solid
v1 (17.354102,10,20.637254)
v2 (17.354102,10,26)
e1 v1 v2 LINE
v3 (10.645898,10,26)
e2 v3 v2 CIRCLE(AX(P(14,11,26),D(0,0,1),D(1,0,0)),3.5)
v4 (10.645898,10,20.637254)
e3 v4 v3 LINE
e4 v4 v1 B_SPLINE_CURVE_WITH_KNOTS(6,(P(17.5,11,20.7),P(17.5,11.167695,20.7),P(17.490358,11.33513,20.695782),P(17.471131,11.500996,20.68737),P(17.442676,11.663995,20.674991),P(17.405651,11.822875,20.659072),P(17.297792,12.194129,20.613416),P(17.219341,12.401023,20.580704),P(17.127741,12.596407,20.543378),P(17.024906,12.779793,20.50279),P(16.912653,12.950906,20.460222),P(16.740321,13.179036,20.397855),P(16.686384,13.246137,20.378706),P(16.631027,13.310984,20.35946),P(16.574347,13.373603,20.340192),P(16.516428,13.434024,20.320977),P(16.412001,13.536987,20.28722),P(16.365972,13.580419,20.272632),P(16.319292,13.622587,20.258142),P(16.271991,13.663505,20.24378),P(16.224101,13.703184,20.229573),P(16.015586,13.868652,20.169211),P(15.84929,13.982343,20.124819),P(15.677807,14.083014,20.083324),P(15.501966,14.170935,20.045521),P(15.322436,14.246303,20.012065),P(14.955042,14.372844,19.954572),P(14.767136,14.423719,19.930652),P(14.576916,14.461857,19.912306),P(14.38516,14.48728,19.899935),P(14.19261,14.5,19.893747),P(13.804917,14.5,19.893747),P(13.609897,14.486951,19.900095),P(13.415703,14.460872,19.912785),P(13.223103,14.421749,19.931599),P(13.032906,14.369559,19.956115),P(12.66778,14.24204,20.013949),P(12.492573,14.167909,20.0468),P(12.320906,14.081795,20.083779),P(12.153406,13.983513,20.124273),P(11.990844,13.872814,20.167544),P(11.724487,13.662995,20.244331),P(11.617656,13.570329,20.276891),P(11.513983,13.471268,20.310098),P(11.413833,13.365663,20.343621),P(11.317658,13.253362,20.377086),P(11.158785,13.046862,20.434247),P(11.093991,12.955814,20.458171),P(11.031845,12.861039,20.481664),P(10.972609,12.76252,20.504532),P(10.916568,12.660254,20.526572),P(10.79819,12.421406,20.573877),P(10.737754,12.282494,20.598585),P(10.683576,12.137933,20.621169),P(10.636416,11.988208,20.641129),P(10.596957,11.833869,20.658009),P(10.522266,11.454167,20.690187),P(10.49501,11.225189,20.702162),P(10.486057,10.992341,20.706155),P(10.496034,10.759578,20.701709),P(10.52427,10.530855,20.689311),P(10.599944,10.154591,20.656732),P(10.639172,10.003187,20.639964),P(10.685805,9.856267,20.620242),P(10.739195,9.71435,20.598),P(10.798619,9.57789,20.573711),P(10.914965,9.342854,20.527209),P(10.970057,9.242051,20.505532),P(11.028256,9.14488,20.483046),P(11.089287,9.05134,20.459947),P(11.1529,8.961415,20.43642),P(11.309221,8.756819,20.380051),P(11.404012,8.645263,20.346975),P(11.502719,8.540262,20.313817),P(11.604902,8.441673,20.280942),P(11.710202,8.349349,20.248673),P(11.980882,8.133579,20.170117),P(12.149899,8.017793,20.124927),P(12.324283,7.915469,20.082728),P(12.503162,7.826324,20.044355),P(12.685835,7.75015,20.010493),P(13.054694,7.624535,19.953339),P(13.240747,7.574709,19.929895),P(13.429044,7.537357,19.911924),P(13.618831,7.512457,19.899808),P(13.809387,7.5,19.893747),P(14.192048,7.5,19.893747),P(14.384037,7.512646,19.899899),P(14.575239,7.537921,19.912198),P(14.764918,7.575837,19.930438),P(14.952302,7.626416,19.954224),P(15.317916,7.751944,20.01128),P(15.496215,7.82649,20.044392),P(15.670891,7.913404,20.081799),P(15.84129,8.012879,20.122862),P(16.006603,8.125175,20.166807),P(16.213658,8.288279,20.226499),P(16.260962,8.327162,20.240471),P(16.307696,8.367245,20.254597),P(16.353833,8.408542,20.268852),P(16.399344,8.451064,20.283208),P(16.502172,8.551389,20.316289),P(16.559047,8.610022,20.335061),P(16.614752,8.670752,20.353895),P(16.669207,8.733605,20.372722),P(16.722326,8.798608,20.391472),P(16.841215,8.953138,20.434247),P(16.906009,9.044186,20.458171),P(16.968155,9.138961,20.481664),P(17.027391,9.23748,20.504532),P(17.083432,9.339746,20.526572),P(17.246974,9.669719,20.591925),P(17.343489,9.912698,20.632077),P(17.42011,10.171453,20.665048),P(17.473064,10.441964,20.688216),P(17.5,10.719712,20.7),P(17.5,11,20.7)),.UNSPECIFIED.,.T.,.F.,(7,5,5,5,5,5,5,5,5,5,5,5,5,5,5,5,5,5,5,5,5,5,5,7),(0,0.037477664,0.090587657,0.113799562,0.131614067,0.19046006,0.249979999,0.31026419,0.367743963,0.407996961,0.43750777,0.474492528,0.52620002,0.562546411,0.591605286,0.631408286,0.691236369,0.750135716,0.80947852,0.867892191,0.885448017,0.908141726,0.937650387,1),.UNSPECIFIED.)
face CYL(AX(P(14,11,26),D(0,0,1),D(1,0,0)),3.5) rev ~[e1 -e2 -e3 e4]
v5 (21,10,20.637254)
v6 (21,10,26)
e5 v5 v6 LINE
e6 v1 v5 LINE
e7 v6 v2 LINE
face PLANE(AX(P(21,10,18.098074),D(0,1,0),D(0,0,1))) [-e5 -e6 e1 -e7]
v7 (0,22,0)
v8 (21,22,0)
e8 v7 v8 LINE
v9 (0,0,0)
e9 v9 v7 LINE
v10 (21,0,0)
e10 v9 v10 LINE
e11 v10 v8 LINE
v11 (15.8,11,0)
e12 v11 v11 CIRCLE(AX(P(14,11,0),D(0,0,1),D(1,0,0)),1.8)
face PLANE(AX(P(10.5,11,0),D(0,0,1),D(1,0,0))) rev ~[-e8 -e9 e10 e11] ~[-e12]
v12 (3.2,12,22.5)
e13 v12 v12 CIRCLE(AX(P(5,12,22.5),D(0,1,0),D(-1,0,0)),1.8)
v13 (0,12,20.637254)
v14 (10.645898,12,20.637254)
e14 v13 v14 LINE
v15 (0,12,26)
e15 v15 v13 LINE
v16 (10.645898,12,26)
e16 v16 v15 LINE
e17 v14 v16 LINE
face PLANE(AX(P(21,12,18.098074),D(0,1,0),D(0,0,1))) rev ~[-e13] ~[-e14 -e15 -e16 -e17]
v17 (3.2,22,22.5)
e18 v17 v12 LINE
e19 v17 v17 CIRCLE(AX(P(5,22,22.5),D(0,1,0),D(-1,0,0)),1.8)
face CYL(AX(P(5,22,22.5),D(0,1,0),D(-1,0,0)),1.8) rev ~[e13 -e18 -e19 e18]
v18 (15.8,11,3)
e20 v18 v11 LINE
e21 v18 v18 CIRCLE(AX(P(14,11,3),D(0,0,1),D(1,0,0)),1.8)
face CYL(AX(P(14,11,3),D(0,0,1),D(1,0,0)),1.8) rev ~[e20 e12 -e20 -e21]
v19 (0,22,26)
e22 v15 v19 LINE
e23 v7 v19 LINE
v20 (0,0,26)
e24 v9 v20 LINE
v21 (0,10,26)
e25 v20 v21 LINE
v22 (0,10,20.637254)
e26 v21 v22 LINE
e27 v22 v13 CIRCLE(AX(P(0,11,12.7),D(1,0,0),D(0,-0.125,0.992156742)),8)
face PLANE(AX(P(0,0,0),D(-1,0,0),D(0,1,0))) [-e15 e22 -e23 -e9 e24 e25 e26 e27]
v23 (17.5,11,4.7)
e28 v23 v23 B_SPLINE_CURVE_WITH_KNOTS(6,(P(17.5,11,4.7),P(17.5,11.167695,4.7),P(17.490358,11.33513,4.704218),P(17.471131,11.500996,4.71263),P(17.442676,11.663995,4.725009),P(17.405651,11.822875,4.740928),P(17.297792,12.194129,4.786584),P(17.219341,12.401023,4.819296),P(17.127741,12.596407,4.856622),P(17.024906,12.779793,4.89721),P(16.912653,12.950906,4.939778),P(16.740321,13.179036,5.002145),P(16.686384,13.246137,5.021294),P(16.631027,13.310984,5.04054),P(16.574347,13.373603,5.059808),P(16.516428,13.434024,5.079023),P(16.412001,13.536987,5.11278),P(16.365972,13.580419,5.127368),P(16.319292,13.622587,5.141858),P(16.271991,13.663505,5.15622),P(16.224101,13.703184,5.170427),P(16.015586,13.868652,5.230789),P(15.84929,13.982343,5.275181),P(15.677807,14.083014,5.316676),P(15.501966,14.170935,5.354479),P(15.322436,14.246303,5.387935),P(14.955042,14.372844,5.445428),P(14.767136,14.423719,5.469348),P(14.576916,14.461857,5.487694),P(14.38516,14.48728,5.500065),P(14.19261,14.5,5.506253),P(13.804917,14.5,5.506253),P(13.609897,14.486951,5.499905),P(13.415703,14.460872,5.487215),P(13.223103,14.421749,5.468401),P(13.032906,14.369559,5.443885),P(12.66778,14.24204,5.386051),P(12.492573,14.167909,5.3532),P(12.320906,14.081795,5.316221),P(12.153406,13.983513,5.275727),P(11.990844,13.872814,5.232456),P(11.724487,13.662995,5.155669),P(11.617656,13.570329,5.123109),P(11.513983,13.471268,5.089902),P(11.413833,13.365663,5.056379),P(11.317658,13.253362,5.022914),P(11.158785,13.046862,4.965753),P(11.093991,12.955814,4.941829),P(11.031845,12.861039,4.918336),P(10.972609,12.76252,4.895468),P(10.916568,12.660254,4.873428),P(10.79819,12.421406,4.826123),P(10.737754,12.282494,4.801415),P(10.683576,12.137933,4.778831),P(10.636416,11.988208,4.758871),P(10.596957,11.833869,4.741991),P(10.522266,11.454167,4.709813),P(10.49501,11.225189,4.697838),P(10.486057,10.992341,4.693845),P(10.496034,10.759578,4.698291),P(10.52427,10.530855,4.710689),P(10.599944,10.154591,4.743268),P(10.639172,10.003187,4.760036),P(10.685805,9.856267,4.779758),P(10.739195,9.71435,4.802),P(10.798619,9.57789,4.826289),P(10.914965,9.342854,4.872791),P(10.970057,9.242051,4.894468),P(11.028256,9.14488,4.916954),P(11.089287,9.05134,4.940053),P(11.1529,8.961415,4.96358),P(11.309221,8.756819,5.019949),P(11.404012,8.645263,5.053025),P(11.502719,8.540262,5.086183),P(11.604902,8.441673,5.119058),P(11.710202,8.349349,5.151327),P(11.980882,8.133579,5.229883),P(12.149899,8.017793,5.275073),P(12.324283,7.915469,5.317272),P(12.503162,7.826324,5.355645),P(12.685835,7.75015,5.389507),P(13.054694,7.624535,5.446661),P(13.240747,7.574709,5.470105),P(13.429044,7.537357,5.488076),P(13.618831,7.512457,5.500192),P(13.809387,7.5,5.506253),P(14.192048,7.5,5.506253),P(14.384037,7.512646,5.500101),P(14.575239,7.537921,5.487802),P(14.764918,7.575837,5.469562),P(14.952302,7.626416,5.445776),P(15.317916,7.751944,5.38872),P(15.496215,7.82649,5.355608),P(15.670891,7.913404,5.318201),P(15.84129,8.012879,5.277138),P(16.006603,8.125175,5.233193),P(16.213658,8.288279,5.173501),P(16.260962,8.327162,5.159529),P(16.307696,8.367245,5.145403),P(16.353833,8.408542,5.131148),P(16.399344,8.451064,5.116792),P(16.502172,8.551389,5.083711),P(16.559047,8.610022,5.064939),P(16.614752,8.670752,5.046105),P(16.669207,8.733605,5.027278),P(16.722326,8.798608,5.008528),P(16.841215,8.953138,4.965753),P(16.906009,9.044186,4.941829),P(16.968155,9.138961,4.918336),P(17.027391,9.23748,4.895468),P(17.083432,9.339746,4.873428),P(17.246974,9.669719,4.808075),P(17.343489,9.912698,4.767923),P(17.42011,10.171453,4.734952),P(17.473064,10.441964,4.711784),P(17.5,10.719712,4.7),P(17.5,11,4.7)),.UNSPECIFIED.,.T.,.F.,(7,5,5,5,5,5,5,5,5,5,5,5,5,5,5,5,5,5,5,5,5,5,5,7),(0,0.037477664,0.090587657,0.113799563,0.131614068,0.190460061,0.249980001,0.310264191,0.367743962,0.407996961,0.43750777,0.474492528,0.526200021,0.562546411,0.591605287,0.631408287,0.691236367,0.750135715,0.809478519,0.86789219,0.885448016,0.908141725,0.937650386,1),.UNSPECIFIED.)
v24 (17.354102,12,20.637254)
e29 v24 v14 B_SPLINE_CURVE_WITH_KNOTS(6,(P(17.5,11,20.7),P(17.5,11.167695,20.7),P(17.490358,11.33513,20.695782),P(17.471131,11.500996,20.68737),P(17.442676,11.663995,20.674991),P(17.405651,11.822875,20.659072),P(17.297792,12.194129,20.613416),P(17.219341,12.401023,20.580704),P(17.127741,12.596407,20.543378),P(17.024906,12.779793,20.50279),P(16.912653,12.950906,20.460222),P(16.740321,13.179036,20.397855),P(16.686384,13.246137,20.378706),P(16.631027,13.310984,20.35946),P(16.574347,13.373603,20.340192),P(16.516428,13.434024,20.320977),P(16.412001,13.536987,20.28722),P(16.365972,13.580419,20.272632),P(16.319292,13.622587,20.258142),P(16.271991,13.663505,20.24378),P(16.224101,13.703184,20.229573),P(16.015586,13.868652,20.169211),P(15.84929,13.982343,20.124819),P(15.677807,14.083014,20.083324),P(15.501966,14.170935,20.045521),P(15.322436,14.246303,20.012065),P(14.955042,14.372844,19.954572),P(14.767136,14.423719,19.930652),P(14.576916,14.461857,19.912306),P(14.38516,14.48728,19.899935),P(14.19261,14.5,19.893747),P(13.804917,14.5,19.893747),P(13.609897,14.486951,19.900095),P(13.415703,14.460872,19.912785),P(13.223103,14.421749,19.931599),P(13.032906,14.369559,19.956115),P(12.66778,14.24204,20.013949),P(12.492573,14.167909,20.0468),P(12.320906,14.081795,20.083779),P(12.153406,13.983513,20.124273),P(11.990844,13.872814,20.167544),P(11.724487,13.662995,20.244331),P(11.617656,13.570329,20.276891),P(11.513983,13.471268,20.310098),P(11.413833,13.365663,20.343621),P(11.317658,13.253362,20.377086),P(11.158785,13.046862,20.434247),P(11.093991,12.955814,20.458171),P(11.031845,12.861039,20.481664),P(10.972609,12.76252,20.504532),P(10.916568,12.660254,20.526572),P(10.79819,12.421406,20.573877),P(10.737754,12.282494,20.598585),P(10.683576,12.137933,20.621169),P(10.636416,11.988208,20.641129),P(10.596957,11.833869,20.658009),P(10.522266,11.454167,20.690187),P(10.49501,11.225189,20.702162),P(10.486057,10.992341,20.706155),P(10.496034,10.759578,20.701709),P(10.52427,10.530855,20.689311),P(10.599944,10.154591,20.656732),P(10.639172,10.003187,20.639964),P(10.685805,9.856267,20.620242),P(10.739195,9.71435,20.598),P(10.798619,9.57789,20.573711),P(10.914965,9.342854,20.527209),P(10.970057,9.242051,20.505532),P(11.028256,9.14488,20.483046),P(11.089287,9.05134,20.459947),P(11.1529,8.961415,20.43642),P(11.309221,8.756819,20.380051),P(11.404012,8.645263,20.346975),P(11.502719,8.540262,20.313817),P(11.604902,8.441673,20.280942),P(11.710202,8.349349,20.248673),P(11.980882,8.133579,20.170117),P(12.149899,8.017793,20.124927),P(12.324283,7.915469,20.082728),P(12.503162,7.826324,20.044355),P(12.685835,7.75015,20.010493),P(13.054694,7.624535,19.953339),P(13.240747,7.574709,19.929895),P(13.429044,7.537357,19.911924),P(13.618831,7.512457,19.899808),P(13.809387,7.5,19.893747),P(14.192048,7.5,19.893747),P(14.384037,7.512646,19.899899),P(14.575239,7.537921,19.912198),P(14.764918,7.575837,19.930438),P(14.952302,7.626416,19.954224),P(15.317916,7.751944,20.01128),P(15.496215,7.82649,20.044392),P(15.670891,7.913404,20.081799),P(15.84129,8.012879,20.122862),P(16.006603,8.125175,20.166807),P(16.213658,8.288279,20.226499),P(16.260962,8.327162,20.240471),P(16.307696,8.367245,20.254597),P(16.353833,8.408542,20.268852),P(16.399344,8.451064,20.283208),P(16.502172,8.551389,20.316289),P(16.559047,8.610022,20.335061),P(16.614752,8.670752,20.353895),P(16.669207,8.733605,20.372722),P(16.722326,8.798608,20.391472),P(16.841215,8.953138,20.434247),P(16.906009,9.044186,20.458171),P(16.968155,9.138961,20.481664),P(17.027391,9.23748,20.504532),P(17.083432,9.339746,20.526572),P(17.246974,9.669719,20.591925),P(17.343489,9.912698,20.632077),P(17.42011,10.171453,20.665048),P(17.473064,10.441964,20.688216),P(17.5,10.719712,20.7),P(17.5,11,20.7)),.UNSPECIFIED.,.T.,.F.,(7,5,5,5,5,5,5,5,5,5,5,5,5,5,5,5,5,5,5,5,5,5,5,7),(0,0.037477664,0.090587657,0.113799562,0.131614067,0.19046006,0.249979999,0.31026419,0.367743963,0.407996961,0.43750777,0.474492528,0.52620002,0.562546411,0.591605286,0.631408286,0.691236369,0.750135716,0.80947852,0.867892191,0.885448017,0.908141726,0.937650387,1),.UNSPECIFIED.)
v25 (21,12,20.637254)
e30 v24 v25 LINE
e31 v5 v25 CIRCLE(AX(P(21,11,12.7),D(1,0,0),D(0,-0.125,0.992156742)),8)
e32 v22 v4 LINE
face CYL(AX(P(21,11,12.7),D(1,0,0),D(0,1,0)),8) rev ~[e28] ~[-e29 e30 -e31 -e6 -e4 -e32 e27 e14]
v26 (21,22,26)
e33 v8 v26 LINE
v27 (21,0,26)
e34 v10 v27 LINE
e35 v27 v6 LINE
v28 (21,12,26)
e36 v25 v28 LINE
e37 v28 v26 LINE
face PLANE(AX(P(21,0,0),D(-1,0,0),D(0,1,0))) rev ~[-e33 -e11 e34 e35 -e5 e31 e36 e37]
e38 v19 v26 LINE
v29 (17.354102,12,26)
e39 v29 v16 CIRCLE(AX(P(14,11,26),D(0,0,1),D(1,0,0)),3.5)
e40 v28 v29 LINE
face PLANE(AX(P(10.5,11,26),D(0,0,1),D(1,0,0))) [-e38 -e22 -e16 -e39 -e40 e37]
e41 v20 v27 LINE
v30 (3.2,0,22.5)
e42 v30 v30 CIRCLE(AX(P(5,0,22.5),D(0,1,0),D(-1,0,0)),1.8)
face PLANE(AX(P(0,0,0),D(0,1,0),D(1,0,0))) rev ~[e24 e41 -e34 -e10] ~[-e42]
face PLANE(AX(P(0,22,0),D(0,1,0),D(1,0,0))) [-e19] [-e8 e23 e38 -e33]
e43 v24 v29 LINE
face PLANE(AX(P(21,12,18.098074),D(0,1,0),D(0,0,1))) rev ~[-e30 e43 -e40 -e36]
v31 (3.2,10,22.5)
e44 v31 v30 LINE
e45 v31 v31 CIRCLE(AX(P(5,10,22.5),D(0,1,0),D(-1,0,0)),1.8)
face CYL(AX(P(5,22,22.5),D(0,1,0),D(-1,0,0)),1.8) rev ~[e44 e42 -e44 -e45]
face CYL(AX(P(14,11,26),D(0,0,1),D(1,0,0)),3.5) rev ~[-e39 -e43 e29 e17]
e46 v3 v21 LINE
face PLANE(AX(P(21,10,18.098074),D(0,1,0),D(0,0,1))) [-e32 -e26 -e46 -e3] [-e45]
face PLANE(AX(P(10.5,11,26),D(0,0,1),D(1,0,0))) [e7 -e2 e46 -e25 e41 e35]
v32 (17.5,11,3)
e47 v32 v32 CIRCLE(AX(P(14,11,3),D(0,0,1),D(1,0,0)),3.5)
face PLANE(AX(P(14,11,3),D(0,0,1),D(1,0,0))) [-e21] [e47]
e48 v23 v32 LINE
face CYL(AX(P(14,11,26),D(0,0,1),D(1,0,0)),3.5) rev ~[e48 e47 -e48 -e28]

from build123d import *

# Parameters (mm, degrees)
BOX_W           = 21
BOX_H           = 22
BOX_DEPTH       = 26
SKETCH_R        = 8
POCKET_DEPTH    = 21.001
SKETCH001_R     = 3.5
POCKET001_DEPTH = 23
SKETCH002_R     = 1.8
POCKET002_DEPTH = 5
SKETCH003_R     = 1.8
POCKET003_DEPTH = 22.001
SKETCH004_W     = 2
SKETCH004_H     = 11.298807
POCKET004_DEPTH = 21.001


with BuildPart() as part:
    # Box → Box (new body)
    with BuildSketch(Plane.XY):
        with Locations((10.5, 11)):
            Rectangle(BOX_W, BOX_H)
    extrude(amount=BOX_DEPTH)

    # Sketch → Pocket (cut, through all)
    with BuildSketch(Plane.YZ.offset(21)):
        with Locations((11, 12.7)):
            Circle(SKETCH_R)
    extrude(amount=-POCKET_DEPTH, mode=Mode.SUBTRACT)

    # Sketch001 → Pocket001 (cut)
    with BuildSketch(Plane.XY.offset(26)):
        with Locations((14, 11)):
            Circle(SKETCH001_R)
    extrude(amount=-POCKET001_DEPTH, mode=Mode.SUBTRACT)

    # Sketch002 → Pocket002 (cut)
    with BuildSketch(Plane.XY.offset(3)):
        with Locations((14, 11)):
            Circle(SKETCH002_R)
    extrude(amount=-POCKET002_DEPTH, mode=Mode.SUBTRACT)

    # Sketch003 → Pocket003 (cut, through all)
    with BuildSketch(Plane(origin=(0, 22, 0), x_dir=(-1, 0, 0), z_dir=(0, 1, 0))):
        with Locations((-5, 22.5)):
            Circle(SKETCH003_R)
    extrude(amount=-POCKET003_DEPTH, mode=Mode.SUBTRACT)

    # Sketch004 → Pocket004 (cut, through all)
    with BuildSketch(Plane.YZ.offset(21)):
        with Locations((11, 23.747477)):
            Rectangle(SKETCH004_W, SKETCH004_H)
    extrude(amount=-POCKET004_DEPTH, mode=Mode.SUBTRACT)


solid = part.part
